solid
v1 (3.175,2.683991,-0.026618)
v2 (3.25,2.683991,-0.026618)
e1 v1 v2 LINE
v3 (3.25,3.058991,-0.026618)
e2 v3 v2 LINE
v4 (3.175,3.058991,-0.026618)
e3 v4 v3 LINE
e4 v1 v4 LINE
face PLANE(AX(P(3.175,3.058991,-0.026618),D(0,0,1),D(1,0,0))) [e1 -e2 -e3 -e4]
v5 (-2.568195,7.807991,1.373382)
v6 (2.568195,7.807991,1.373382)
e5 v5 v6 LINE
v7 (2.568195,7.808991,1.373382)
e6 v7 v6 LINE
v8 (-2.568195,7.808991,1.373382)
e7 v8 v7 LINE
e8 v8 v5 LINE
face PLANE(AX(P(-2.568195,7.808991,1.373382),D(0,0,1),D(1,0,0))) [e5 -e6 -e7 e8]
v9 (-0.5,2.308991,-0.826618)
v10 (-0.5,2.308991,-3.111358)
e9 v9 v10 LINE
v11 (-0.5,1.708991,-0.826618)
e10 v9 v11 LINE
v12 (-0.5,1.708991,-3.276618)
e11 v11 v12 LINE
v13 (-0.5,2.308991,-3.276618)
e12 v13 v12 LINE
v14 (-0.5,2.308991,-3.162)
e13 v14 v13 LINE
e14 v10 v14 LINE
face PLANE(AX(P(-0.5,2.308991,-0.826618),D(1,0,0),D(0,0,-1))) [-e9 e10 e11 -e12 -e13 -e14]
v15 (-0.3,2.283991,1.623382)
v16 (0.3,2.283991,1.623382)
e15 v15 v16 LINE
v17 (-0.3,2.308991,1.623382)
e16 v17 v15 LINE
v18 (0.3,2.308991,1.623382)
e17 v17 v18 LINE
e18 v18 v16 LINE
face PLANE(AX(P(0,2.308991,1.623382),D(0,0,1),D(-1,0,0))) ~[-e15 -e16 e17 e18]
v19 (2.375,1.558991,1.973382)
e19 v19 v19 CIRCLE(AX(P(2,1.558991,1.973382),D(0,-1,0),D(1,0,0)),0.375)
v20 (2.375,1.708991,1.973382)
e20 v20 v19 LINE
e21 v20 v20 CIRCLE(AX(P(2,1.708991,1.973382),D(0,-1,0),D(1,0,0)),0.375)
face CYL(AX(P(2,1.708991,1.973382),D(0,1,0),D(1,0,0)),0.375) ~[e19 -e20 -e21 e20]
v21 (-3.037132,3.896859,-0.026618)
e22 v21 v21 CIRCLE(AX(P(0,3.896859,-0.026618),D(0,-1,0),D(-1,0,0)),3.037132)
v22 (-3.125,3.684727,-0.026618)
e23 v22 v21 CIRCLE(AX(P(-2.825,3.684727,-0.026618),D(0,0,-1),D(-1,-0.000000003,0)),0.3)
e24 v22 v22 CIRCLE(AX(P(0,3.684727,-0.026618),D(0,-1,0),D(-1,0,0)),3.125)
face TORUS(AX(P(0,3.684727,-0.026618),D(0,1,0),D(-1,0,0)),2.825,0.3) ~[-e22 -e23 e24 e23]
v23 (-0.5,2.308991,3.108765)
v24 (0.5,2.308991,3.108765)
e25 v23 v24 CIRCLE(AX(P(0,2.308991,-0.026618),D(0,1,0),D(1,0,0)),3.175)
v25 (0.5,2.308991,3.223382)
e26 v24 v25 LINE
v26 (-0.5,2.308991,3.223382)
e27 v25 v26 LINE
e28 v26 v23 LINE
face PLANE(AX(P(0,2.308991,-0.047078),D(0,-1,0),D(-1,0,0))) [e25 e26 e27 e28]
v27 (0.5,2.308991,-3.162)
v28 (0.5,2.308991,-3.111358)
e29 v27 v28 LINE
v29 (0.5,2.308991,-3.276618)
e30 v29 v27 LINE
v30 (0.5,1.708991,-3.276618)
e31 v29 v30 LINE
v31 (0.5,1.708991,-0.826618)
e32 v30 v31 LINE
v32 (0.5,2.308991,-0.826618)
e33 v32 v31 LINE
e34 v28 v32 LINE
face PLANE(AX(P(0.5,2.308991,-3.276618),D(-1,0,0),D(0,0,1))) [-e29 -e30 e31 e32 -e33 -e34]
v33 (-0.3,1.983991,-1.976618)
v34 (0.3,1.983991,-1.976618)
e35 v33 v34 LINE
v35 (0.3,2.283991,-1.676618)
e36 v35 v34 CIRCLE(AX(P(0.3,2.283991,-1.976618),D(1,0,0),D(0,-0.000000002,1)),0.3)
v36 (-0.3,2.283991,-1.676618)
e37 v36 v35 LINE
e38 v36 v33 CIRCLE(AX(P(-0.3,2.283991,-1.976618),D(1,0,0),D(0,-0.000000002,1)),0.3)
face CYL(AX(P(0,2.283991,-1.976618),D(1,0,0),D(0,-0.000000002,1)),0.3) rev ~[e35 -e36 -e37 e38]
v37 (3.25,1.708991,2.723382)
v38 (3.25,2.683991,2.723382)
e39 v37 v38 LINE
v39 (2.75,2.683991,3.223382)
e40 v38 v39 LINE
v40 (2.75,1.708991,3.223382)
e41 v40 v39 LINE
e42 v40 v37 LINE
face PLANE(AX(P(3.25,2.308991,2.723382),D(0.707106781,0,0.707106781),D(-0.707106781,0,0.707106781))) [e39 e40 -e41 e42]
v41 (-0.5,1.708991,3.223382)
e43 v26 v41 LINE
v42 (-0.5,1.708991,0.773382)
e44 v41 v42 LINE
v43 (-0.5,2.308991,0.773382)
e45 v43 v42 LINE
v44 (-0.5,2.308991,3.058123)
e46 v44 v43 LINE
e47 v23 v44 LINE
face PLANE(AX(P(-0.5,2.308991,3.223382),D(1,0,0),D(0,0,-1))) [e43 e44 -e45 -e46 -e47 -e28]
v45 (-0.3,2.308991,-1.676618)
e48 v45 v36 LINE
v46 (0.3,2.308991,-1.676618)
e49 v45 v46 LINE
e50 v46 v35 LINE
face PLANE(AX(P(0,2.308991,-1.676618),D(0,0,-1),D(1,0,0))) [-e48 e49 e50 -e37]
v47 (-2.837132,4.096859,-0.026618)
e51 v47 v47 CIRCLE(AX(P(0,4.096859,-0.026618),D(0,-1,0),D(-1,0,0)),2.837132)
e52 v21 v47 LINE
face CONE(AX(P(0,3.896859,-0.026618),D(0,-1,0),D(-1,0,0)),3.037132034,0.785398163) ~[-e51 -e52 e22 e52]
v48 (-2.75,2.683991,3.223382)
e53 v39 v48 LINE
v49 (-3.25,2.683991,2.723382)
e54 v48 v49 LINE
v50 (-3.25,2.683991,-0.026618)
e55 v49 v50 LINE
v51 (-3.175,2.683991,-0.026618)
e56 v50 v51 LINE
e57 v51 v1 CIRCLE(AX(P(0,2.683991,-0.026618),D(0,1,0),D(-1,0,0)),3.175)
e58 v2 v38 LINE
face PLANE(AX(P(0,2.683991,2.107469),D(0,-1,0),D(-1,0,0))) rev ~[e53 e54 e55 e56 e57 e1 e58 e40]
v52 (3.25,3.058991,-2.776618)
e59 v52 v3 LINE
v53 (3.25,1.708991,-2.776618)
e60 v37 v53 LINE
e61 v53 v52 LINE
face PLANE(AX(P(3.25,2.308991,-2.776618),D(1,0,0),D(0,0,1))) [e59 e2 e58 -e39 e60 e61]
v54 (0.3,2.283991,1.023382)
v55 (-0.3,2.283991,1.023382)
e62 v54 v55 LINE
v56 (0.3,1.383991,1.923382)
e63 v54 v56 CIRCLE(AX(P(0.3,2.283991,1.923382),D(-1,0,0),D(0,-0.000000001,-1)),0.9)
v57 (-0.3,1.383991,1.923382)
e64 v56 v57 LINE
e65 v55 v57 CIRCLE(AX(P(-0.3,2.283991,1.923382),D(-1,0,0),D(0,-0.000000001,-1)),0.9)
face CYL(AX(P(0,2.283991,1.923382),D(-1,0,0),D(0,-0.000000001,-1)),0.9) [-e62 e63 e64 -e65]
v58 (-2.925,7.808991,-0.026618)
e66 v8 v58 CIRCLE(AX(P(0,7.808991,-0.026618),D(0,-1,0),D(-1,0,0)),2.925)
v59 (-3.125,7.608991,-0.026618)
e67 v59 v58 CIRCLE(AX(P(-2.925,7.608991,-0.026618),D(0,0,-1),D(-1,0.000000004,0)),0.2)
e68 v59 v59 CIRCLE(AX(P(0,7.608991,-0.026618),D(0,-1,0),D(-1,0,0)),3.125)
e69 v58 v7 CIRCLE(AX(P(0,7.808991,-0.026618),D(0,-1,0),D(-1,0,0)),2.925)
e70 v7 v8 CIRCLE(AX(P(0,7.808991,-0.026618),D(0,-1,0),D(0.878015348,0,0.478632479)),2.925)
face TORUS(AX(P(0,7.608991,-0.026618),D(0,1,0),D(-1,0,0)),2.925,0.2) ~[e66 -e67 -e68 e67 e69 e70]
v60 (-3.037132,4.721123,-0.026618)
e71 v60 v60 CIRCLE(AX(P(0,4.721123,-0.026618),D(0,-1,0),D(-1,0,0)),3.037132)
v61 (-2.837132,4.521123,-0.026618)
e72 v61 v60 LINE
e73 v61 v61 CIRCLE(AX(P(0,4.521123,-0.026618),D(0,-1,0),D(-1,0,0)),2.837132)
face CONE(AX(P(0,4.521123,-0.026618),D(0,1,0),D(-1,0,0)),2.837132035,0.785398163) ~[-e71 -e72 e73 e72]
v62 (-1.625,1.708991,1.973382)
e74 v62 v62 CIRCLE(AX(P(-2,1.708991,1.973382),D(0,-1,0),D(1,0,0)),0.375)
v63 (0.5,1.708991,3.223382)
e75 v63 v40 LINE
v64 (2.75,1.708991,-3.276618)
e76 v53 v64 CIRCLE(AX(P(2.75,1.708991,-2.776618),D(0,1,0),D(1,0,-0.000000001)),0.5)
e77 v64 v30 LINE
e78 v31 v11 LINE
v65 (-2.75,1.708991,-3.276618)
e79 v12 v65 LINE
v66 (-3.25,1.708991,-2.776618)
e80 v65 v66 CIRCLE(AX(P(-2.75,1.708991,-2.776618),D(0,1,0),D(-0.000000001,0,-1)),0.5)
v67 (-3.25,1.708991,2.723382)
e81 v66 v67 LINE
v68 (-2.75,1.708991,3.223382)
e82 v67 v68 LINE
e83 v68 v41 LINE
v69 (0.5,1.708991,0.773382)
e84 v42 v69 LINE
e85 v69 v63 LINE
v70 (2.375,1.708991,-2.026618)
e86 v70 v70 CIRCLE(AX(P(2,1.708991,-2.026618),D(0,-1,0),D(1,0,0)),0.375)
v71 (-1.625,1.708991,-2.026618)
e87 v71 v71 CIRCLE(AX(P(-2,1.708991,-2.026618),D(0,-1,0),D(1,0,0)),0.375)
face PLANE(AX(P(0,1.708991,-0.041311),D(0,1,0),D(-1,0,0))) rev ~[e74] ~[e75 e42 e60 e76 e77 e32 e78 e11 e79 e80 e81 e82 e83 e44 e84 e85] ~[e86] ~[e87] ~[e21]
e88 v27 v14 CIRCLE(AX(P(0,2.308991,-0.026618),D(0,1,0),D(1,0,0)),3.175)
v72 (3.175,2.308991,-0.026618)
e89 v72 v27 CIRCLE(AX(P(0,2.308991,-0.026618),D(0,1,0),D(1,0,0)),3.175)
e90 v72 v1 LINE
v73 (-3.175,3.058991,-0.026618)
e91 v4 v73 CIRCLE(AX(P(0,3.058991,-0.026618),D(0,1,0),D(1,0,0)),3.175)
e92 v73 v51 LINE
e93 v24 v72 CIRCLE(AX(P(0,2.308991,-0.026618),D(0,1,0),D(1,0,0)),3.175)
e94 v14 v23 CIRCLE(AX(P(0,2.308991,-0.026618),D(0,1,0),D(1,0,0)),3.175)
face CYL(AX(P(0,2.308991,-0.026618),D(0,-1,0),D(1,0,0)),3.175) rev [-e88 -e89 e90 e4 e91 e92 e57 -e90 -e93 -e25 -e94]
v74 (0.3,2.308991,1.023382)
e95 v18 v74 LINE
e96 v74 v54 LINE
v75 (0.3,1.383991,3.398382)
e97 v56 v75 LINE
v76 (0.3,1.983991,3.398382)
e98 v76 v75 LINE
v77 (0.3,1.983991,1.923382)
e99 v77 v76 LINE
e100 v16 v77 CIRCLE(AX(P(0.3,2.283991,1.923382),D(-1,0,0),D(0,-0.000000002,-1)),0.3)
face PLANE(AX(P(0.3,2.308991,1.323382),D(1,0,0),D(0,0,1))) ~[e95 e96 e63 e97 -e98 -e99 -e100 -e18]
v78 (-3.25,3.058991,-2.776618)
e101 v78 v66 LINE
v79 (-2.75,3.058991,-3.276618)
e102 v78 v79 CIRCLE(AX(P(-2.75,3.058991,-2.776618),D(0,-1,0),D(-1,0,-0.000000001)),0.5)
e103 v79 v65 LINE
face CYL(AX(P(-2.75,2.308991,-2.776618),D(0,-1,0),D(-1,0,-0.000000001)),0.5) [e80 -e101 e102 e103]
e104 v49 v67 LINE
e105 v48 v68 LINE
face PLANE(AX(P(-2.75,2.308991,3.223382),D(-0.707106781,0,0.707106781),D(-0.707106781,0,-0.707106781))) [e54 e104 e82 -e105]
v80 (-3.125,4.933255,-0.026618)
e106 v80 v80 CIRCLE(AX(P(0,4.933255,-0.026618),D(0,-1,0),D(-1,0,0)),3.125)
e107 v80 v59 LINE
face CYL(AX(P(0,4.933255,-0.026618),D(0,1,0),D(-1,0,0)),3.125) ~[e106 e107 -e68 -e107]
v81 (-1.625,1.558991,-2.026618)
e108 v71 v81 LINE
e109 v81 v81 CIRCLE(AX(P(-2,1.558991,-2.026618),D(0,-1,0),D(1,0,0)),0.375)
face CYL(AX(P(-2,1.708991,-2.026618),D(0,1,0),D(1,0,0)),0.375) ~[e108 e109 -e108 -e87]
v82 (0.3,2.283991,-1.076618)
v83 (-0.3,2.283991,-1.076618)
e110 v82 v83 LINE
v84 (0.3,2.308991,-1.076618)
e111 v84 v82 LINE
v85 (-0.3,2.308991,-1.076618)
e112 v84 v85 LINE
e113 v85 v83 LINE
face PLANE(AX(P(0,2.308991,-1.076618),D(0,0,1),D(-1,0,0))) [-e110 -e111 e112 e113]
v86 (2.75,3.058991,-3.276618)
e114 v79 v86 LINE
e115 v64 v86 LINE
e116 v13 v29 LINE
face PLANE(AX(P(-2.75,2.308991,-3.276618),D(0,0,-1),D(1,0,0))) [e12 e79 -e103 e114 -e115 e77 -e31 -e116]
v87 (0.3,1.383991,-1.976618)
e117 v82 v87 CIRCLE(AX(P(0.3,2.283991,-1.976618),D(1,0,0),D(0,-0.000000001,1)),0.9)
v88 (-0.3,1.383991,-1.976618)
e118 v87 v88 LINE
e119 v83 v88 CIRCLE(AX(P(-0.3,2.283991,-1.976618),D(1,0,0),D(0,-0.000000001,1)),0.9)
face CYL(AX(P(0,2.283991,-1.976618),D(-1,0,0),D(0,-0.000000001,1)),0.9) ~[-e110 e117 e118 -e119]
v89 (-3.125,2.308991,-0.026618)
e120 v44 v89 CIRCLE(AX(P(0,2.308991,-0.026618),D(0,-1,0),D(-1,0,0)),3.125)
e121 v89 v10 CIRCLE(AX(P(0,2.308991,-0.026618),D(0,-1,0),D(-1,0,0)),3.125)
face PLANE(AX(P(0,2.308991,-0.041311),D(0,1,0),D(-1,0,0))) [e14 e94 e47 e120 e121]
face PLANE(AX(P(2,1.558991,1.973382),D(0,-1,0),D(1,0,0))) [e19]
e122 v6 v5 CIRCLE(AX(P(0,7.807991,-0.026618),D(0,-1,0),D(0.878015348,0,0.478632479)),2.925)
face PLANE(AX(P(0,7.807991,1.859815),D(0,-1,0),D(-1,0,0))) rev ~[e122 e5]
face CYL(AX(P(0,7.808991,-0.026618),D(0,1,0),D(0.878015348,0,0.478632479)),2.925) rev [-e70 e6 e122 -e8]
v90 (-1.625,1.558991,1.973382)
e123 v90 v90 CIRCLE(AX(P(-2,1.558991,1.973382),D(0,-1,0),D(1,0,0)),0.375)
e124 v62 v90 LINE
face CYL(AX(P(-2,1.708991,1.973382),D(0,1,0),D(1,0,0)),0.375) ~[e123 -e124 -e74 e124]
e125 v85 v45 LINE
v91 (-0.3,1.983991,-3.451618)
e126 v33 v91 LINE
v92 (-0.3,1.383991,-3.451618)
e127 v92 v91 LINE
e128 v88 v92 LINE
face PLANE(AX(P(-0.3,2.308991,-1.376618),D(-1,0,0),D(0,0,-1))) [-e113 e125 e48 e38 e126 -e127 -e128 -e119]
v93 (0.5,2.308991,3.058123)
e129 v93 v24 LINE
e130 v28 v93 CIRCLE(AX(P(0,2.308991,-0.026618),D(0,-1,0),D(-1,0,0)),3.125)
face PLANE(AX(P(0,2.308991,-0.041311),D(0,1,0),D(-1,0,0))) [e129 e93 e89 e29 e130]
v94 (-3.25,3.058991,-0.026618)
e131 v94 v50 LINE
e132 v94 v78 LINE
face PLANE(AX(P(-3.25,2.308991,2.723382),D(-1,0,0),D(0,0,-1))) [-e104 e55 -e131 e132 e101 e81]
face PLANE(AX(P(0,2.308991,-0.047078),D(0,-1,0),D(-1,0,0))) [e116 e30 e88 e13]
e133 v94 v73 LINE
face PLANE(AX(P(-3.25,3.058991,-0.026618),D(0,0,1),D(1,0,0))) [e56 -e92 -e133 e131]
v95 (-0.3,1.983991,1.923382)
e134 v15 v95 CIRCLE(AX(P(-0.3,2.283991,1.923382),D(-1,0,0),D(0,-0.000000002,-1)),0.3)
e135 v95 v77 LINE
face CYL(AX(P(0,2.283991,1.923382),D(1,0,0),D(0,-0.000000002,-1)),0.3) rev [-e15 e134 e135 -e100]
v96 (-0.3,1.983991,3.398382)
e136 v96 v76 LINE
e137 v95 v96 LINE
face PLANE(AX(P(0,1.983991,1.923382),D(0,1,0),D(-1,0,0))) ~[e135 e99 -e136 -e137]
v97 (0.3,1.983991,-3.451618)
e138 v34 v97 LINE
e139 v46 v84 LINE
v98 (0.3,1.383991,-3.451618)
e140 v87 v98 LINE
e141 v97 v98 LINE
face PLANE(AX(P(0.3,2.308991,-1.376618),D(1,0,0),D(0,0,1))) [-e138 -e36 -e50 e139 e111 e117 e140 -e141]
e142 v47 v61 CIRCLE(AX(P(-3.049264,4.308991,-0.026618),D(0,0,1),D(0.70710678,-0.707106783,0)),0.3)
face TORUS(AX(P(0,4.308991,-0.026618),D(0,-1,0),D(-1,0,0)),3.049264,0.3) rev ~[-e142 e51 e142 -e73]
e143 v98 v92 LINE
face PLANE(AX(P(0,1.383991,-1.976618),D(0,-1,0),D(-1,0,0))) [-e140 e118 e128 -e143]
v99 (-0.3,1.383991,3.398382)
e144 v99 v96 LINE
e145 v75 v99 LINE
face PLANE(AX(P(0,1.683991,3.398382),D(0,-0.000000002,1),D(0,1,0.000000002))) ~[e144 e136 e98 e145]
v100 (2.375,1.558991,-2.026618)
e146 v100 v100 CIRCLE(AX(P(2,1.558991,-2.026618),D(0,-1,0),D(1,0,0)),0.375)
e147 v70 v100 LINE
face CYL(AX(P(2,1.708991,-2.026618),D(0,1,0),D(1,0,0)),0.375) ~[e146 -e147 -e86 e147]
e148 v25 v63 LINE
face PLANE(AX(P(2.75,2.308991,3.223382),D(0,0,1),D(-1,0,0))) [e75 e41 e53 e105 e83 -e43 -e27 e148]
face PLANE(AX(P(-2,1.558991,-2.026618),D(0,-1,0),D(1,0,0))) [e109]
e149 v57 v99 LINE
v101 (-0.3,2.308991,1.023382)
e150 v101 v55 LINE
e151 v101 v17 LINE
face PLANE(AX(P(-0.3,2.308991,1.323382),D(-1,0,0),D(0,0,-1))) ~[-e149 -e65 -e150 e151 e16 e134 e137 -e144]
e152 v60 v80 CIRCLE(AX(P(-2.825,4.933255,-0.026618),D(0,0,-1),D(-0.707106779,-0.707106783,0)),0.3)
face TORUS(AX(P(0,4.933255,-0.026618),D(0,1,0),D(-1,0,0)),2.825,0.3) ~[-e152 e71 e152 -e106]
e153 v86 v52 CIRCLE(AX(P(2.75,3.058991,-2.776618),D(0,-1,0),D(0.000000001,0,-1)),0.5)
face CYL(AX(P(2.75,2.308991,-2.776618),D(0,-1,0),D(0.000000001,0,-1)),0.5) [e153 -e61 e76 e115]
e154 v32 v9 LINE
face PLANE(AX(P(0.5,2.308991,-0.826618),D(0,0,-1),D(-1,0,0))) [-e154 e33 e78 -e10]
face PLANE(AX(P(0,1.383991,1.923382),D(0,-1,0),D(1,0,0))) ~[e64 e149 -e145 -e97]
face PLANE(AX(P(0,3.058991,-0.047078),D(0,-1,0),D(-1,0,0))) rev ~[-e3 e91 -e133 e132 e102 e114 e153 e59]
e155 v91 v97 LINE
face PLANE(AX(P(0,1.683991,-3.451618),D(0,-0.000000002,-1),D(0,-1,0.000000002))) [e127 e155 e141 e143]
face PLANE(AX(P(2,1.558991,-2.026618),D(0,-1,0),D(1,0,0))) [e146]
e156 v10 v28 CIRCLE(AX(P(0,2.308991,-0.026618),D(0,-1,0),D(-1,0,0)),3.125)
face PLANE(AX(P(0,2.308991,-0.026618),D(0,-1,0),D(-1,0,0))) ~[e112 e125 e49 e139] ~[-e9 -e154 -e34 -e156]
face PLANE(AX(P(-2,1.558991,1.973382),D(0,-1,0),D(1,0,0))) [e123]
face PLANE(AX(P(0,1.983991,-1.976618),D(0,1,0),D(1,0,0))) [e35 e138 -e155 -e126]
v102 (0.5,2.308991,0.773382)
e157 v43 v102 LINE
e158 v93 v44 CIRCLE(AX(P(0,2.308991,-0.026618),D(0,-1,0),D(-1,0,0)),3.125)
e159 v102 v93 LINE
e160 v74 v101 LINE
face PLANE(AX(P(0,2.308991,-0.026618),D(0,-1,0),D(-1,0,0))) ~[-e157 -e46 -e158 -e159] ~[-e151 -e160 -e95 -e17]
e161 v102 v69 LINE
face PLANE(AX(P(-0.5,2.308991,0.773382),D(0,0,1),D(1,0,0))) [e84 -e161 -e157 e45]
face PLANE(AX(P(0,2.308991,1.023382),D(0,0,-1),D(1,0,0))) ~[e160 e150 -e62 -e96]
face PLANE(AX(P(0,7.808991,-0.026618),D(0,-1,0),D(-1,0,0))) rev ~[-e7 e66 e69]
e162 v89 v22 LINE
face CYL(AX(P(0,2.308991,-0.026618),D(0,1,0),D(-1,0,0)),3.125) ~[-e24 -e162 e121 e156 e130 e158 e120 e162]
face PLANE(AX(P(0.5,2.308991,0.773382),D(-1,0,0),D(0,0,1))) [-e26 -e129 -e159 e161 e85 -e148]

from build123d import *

# Parameters (mm, degrees)
EXTRUDE1_DEPTH     = 1.2
SKETCH3_R          = 6.35
EXTRUDE2_DEPTH     = 1.5
EXTRUDE3_DEPTH     = 0.75
SKETCH5_R          = 0.75
EXTRUDE4_DEPTH     = 0.3
SKETCH7_W          = 1.2
SKETCH7_H          = 1.2
SCALE1_SCALE       = 0.5
CUT_EXTRUDE1_DEPTH = 0.001


with BuildPart() as part:
    # Sketch1 → Revolve1 (revolve)
    with BuildSketch(Plane.XY):
        with BuildLine():
            Line((0, 0), (-6.25, 0))
            Line((-6.25, 0), (-6.25, 2.751471863))
            ThreePointArc((-6.25, 2.751471863), (-6.20432772, 2.981081922), (-6.074264069, 3.175735931))
            Line((-6.074264069, 3.175735931), (-5.674264069, 3.575735931))
            ThreePointArc((-5.674264069, 3.575735931), (-5.498528137, 4), (-5.674264069, 4.424264069))
            Line((-5.674264069, 4.424264069), (-6.074264069, 4.824264069))
            ThreePointArc((-6.074264069, 4.824264069), (-6.20432772, 5.018918078), (-6.25, 5.248528137))
            Line((-6.25, 5.248528137), (-6.25, 10.6))
            ThreePointArc((-6.25, 10.6), (-6.132842712, 10.882842712), (-5.85, 11))
            Line((-5.85, 11), (0, 11))
            Line((0, 11), (0, 0))
        make_face()
    revolve(axis=Axis((0, 11, 0), (0, -1, 0)))

    # Sketch2 → Extrude1 (add)
    with BuildSketch(Plane.XZ):
        with BuildLine():
            Line((-6.5, 5.5), (-5.5, 6.5))
            Line((-5.5, 6.5), (-1, 6.5))
            Line((-1, 6.5), (-1, 1.6))
            Line((-1, 1.6), (1, 1.6))
            Line((1, 1.6), (1, 6.5))
            Line((1, 6.5), (5.5, 6.5))
            Line((5.5, 6.5), (6.5, 5.5))
            Line((6.5, 5.5), (6.5, -5.5))
            ThreePointArc((6.5, -5.5), (6.207106781, -6.207106781), (5.5, -6.5))
            Line((5.5, -6.5), (1, -6.5))
            Line((1, -6.5), (1, -1.6))
            Line((1, -1.6), (-1, -1.6))
            Line((-1, -1.6), (-1, -6.5))
            Line((-1, -6.5), (-5.5, -6.5))
            ThreePointArc((-5.5, -6.5), (-6.207106781, -6.207106781), (-6.5, -5.5))
            Line((-6.5, -5.5), (-6.5, 5.5))
        make_face()
    extrude(amount=EXTRUDE1_DEPTH)

    # Sketch3 → Extrude2 (add)
    with BuildSketch(Plane(origin=(0, 0, 0), x_dir=(1, 0, 0), z_dir=(0, 1, 0))):
        with BuildLine():
            Line((5.5, -6.5), (-5.5, -6.5))
            Line((-5.5, -6.5), (-6.5, -5.5))
            Line((-6.5, -5.5), (-6.5, 5.5))
            ThreePointArc((-6.5, 5.5), (-6.207106781, 6.207106781), (-5.5, 6.5))
            Line((-5.5, 6.5), (5.5, 6.5))
            ThreePointArc((5.5, 6.5), (6.207106781, 6.207106781), (6.5, 5.5))
            Line((6.5, 5.5), (6.5, -5.5))
            Line((6.5, -5.5), (5.5, -6.5))
        make_face()
        Circle(SKETCH3_R, mode=Mode.SUBTRACT)
    extrude(amount=EXTRUDE2_DEPTH)

    # Sketch4 → Extrude3 (cut)
    with BuildSketch(Plane(origin=(0, 1.5, 0), x_dir=(1, 0, 0), z_dir=(0, 1, 0))):
        with BuildLine():
            Line((-6.5, 0), (-6.35, 0))
            ThreePointArc((-6.35, 0), (0, -6.35), (6.35, 0))
            Line((6.35, 0), (6.5, 0))
            Line((6.5, 0), (6.5, -5.5))
            Line((6.5, -5.5), (5.5, -6.5))
            Line((5.5, -6.5), (-5.5, -6.5))
            Line((-5.5, -6.5), (-6.5, -5.5))
            Line((-6.5, -5.5), (-6.5, 0))
        make_face()
    extrude(amount=-EXTRUDE3_DEPTH, mode=Mode.SUBTRACT)

    # Sketch5 → Extrude4 (add)
    with BuildSketch(Plane.XZ.offset(1.2)):
        with Locations((-4, 4)):
            Circle(SKETCH5_R)
        with Locations((4, 4)):
            Circle(SKETCH5_R)
        with Locations((-4, -4)):
            Circle(SKETCH5_R)
        with Locations((4, -4)):
            Circle(SKETCH5_R)
    extrude(amount=EXTRUDE4_DEPTH)

    # Sweep1: sweep along a path in Sketch6
    with BuildLine(Plane(origin=(0, 0, 0), x_dir=(0, 0, -1), z_dir=(1, 0, 0))) as sweep1_path:
        Line((2.7, 0), (2.7, -0.05))
        ThreePointArc((2.7, -0.05), (3.051471863, -0.898528137), (3.9, -1.25))
        Line((3.9, -1.25), (6.85, -1.25))
    # Sketch7 → Sweep1 (sweep)
    with BuildSketch(Plane.XZ):
        with Locations((0, -2.7)):
            Rectangle(SKETCH7_W, SKETCH7_H)
    sweep1 = sweep(path=sweep1_path.line)

    # Mirror1: Sweep1 across plane
    add(sweep1.mirror(Plane.XY))


with BuildPart() as part_1:
    # Scale1: scaled about (0, 4.617982794, -0.053235297)
    add(part.part.scale(SCALE1_SCALE).moved(Location((0, 2.308991397, -0.026617649))))

    # Sketch8 → Cut-Extrude1 (cut)
    with BuildSketch(Plane(origin=(0, 7.808991397, 0), x_dir=(1, 0, 0), z_dir=(0, 1, 0))):
        with BuildLine():
            Line((-2.568194891, -1.373382352), (2.568194891, -1.373382352))
            ThreePointArc((2.568194891, -1.373382352), (0, -2.898382352), (-2.568194891, -1.373382352))
        make_face()
    extrude(amount=-CUT_EXTRUDE1_DEPTH, mode=Mode.SUBTRACT)


solid = part_1.part
